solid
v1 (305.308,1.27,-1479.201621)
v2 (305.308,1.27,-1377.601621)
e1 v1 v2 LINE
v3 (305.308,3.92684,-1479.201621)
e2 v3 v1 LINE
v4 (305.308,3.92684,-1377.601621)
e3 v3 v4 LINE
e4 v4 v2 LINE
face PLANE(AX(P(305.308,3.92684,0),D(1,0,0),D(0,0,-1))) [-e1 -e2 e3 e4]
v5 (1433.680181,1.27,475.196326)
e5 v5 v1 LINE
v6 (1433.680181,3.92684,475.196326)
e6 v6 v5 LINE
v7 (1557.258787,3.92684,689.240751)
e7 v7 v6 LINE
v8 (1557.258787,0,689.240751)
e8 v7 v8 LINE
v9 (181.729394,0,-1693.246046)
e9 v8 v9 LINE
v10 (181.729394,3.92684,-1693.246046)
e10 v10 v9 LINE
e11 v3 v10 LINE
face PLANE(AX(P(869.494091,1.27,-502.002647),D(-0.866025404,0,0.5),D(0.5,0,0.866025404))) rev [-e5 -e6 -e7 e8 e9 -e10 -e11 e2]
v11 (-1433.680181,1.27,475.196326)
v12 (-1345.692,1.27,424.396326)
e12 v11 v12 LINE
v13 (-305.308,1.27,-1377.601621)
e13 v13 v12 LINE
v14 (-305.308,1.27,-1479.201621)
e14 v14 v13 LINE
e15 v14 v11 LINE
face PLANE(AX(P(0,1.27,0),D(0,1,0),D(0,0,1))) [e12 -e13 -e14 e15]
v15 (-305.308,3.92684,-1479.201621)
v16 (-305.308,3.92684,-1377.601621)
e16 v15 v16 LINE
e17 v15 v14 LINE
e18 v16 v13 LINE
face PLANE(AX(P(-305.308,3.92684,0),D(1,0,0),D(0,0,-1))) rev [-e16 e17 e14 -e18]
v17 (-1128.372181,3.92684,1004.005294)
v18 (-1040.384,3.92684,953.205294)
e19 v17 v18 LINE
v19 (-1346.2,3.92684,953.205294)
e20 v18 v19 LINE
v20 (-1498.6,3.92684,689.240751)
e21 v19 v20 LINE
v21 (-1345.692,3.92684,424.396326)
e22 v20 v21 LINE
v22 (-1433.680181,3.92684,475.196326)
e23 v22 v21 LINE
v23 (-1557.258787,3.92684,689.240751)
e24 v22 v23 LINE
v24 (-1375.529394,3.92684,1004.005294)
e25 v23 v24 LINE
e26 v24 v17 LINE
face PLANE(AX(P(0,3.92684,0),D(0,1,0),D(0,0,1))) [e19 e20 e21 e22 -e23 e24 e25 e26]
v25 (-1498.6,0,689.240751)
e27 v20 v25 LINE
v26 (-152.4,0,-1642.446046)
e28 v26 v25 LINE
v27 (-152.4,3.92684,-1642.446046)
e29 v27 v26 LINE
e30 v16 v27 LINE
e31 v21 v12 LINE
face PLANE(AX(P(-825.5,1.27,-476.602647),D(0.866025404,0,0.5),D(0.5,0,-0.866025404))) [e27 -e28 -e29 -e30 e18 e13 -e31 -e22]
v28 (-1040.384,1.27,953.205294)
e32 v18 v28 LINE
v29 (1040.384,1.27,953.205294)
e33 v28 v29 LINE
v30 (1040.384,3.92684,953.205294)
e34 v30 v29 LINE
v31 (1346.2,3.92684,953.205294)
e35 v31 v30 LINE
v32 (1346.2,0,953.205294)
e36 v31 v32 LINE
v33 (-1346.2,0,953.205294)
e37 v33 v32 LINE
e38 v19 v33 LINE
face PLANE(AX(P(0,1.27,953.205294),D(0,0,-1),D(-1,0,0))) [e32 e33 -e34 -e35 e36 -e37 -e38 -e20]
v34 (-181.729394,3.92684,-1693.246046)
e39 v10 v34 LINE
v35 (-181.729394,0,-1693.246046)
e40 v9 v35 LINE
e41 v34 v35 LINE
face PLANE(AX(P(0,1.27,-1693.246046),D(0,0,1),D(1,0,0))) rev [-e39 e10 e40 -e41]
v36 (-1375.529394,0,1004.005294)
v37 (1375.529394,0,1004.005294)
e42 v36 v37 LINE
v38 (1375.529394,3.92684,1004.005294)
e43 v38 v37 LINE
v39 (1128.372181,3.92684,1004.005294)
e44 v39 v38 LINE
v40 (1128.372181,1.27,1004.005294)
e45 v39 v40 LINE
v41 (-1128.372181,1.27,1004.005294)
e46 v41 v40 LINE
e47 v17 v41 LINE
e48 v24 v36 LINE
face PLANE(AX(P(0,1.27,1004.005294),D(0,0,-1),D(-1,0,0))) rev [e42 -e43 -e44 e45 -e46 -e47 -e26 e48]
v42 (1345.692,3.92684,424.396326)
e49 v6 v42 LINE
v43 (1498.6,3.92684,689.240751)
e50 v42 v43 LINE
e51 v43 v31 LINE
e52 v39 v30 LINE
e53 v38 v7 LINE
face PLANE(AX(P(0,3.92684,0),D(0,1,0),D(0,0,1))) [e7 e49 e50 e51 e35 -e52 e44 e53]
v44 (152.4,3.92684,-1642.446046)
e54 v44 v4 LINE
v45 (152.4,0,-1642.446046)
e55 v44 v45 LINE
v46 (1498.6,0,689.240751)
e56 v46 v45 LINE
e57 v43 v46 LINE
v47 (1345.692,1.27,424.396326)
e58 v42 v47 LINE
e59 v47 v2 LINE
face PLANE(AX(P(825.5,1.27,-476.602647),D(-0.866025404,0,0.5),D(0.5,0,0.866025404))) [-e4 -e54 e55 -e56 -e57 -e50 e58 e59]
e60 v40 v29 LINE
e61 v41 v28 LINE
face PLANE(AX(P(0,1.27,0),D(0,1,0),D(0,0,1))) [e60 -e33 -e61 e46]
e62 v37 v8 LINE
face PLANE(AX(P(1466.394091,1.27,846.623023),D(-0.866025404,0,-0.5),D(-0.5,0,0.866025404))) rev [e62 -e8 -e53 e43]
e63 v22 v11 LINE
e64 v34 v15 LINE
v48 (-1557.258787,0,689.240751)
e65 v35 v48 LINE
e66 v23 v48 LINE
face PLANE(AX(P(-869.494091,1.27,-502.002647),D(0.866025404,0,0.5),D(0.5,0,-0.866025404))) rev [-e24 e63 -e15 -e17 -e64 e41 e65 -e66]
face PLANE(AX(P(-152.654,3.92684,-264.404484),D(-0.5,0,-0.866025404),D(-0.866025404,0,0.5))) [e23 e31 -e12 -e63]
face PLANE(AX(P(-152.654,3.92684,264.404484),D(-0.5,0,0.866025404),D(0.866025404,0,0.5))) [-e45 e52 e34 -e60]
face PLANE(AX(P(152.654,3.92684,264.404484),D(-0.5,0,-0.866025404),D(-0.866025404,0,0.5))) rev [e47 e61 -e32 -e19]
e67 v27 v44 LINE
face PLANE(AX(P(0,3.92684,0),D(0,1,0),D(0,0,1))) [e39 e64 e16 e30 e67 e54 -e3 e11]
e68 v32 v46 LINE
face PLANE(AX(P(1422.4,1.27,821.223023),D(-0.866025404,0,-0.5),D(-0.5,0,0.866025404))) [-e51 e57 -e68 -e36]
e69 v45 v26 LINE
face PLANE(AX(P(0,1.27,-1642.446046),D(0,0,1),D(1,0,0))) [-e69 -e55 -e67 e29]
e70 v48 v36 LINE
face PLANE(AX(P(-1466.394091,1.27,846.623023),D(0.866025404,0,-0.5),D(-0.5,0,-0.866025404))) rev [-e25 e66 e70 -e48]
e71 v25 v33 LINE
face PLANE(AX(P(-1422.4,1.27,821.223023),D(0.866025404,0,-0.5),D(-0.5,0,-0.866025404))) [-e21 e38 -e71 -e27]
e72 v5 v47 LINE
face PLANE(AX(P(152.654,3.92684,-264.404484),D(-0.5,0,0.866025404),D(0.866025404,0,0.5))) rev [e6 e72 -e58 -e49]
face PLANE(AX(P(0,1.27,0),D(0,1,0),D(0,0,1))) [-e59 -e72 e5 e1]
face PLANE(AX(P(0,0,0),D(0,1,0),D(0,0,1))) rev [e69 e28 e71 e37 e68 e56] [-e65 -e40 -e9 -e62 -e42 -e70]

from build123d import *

# Parameters (mm, degrees)
BOSS_EXTRUDE1_DEPTH = 1.27
BOSS_EXTRUDE2_DEPTH = 2.65684


with BuildPart() as part:
    # Sketch1 → Boss-Extrude1 (new body)
    with BuildSketch(Plane(origin=(0, 0, 0), x_dir=(1, 0, 0), z_dir=(0, 1, 0))):
        Polygon((1557.25878735, -689.240751359), (181.729393675, 1693.246045791), (-181.729393675, 1693.246045791), (-1557.25878735, -689.240751359), (-1375.529393675, -1004.005294432), (1375.529393675, -1004.005294432), align=None)
        Polygon((152.4, 1642.446045791), (-152.4, 1642.446045791), (-1498.6, -689.240751359), (-1346.2, -953.205294432), (1346.2, -953.205294432), (1498.6, -689.240751359), align=None, mode=Mode.SUBTRACT)
    extrude(amount=BOSS_EXTRUDE1_DEPTH)

    # Sketch2 → Boss-Extrude2 (add)
    with BuildSketch(Plane(origin=(0, 1.27, 0), x_dir=(1, 0, 0), z_dir=(0, 1, 0))):
        Polygon((-181.729393675, 1693.246045791), (-305.308, 1479.201620907), (-305.308, 1377.601620907), (-152.4, 1642.446045791), (152.4, 1642.446045791), (305.308, 1377.601620907), (305.308, 1479.201620907), (181.729393675, 1693.246045791), align=None)
        Polygon((1557.25878735, -689.240751359), (1433.680181024, -475.196326475), (1345.692, -424.396326475), (1498.6, -689.240751359), (1346.2, -953.205294432), (1040.384, -953.205294432), (1128.372181024, -1004.005294432), (1375.529393675, -1004.005294432), align=None)
        Polygon((-1345.692, -424.396326475), (-1433.680181024, -475.196326475), (-1557.25878735, -689.240751359), (-1375.529393675, -1004.005294432), (-1128.372181024, -1004.005294432), (-1040.384, -953.205294432), (-1346.2, -953.205294432), (-1498.6, -689.240751359), align=None)
    extrude(amount=BOSS_EXTRUDE2_DEPTH)


solid = part.part
